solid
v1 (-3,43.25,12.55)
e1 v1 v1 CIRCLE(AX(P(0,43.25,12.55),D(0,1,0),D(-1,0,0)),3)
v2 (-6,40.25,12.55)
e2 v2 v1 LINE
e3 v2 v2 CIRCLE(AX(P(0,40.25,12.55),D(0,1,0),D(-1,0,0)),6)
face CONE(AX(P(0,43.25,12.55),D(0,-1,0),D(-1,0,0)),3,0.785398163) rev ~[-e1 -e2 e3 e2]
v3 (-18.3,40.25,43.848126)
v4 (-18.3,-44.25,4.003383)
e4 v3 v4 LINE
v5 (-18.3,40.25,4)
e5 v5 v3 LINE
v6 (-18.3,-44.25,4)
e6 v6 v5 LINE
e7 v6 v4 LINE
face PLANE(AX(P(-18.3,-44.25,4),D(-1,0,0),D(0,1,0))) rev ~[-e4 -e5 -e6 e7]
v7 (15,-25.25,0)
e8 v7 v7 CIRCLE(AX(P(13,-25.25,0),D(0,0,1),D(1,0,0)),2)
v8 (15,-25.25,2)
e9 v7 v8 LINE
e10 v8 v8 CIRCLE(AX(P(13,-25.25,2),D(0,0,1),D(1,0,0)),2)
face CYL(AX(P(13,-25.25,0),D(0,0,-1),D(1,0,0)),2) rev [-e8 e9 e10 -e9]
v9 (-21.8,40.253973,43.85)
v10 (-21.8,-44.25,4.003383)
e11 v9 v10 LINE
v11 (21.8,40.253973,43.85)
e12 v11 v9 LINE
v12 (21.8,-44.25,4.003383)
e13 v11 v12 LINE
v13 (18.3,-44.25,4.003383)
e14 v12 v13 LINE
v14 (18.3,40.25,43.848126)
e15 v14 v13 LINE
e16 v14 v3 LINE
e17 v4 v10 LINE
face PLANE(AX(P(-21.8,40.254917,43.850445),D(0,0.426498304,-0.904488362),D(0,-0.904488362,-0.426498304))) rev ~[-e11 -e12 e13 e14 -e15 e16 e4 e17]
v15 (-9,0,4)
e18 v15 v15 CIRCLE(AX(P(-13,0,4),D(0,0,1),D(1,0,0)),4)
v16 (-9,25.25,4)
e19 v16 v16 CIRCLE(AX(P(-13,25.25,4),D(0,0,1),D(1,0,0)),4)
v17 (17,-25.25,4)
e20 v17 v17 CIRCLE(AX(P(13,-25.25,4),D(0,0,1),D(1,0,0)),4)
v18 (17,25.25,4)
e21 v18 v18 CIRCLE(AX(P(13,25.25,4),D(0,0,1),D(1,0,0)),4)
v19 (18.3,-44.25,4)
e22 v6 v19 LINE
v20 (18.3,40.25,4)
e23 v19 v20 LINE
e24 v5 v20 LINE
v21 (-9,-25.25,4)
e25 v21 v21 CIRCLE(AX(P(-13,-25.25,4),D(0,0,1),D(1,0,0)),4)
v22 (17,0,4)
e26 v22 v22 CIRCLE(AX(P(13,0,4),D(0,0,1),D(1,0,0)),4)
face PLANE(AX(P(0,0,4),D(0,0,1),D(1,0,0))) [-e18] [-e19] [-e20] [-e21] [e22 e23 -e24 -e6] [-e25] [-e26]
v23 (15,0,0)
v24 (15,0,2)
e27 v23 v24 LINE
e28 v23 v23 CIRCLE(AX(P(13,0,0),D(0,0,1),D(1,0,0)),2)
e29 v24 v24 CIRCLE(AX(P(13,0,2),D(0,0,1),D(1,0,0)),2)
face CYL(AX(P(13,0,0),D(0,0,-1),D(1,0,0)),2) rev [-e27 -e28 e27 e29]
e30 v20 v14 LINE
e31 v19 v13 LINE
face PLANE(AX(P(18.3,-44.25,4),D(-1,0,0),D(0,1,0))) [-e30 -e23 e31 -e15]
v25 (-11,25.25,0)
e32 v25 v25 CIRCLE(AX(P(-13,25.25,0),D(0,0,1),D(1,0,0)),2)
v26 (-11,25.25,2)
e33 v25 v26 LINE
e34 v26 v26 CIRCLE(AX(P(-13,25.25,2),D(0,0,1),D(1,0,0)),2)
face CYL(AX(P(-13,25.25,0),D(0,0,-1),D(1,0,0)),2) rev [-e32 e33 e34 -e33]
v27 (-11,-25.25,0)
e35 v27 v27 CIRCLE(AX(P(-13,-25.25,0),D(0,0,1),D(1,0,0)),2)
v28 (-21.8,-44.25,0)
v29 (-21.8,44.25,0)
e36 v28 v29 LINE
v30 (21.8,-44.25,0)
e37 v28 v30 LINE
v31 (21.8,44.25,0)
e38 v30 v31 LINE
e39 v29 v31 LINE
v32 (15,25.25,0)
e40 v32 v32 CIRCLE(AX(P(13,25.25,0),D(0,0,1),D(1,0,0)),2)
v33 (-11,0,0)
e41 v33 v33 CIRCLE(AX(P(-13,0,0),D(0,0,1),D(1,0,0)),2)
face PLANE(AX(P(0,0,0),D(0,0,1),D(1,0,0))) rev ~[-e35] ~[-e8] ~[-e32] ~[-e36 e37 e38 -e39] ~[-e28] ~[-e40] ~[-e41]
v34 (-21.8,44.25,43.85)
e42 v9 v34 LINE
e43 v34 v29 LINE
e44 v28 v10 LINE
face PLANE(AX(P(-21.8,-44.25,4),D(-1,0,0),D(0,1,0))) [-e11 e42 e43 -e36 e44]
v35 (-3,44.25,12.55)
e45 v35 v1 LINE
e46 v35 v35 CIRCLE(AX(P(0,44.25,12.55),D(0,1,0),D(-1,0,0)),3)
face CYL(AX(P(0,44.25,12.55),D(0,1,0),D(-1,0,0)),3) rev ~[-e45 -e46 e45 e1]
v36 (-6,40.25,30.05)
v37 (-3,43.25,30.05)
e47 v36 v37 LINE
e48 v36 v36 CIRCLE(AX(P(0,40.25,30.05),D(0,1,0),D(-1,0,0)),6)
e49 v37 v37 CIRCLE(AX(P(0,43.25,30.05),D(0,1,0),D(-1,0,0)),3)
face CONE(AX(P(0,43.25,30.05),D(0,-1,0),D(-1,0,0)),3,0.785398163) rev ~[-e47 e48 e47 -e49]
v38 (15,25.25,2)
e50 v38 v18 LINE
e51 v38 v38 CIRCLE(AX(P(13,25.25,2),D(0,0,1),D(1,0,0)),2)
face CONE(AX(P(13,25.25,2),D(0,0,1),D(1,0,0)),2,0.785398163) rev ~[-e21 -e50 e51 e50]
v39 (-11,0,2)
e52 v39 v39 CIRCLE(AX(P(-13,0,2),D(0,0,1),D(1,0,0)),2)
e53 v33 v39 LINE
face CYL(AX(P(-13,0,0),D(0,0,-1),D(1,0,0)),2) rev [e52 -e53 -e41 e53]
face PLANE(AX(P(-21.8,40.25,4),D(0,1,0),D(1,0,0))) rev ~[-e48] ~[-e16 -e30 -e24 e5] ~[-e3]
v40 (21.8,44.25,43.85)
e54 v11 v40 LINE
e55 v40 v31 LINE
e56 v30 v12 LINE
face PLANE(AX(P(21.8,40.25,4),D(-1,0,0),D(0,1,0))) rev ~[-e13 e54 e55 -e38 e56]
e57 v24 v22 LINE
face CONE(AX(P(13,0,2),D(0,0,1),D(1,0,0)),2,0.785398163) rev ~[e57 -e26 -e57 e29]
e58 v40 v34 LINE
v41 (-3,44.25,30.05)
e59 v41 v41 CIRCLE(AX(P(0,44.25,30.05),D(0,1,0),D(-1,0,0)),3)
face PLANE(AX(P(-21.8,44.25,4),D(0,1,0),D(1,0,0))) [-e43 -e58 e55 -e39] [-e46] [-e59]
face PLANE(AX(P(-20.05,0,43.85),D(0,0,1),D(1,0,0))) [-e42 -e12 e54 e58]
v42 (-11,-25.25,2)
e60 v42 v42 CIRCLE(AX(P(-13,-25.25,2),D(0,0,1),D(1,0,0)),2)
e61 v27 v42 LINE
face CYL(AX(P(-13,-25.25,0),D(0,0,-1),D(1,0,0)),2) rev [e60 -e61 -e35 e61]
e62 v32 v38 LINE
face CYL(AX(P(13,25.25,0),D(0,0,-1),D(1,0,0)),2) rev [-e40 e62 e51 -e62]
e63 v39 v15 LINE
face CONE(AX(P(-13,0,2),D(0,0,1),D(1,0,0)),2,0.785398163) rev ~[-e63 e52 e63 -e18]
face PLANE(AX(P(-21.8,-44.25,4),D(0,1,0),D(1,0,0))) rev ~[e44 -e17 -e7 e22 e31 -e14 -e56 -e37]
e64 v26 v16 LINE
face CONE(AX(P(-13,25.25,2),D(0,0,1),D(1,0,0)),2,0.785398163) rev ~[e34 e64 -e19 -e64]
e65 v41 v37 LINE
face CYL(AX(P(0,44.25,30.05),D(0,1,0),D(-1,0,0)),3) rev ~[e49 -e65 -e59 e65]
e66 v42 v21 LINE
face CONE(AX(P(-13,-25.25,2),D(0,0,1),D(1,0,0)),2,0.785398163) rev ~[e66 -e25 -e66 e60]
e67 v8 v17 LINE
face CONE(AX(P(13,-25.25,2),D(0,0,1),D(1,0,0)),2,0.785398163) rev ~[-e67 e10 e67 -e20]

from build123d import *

# Parameters (mm, degrees)
SKETCH_W        = 43.6
SKETCH_H        = 88.5
SKETCH_R        = 2
PAD_DEPTH       = 4
CHAMFER_SIZE    = 2
SKETCH001_W     = 43.6
SKETCH001_H     = 4
PAD001_DEPTH    = 39.85
SKETCH002_R     = 3
HOLE_DEPTH      = 25
HOLE_TIPS_R     = 3
CHAMFER001_SIZE = 3
SKETCH003_W     = 3.5
SKETCH003_H     = 88.5
PAD002_DEPTH    = 39.85
POCKET_DEPTH    = 43.601


with BuildPart() as part:
    # Sketch → Pad (new body)
    with BuildSketch(Plane.XY):
        Rectangle(SKETCH_W, SKETCH_H)
        with Locations((-13, 0)):
            Circle(SKETCH_R, mode=Mode.SUBTRACT)
        with Locations((13, 0)):
            Circle(SKETCH_R, mode=Mode.SUBTRACT)
        with Locations((-13, 25.25)):
            Circle(SKETCH_R, mode=Mode.SUBTRACT)
        with Locations((13, 25.25)):
            Circle(SKETCH_R, mode=Mode.SUBTRACT)
        with Locations((-13, -25.25)):
            Circle(SKETCH_R, mode=Mode.SUBTRACT)
        with Locations((13, -25.25)):
            Circle(SKETCH_R, mode=Mode.SUBTRACT)
    extrude(amount=PAD_DEPTH)

    # Chamfer
    chamfer_edges = [part.edges().sort_by_distance(p)[0] for p in [
        (-15, -25.25, 4),
        (-15, 0, 4),
        (-15, 25.25, 4),
        (11, 25.25, 4),
        (11, 0, 4),
        (11, -25.25, 4),
    ]]
    chamfer(chamfer_edges, length=CHAMFER_SIZE)

    # Sketch001 (on Face4 of Chamfer) → Pad001 (join)
    with BuildSketch(Plane.XY.offset(4)):
        with Locations((0, 42.25)):
            Rectangle(SKETCH001_W, SKETCH001_H)
    extrude(amount=PAD001_DEPTH)

    # Sketch002 (on Face20 of Pad001) → Hole (cut)
    with BuildSketch(Plane(origin=(0, 44.25, 0), x_dir=(-1, 0, 0), z_dir=(0, 1, 0))):
        with Locations((0, 12.55)):
            Circle(SKETCH002_R)
        with Locations((0, 30.05)):
            Circle(SKETCH002_R)
    extrude(amount=-HOLE_DEPTH, mode=Mode.SUBTRACT)

    # Hole tips → Hole tip 1 section 0
    with BuildSketch(Plane(origin=(0, 19.25, 0), x_dir=(-1, 0, 0), z_dir=(0, 1, 0)), mode=Mode.PRIVATE) as hole_tip_1_s0:
        with Locations((0, 12.55)):
            Circle(HOLE_TIPS_R)
    loft([hole_tip_1_s0.sketch, Vertex(0, 17.447418, 12.55)], mode=Mode.SUBTRACT)

    # Hole tips → Hole tip 2 section 0
    with BuildSketch(Plane(origin=(0, 19.25, 0), x_dir=(-1, 0, 0), z_dir=(0, 1, 0)), mode=Mode.PRIVATE) as hole_tip_2_s0:
        with Locations((0, 30.05)):
            Circle(HOLE_TIPS_R)
    loft([hole_tip_2_s0.sketch, Vertex(0, 17.447418, 30.05)], mode=Mode.SUBTRACT)

    # Chamfer001
    chamfer001_edges = [part.edges().sort_by_distance(p)[0] for p in [
        (-3, 40.25, 30.05),
        (-3, 40.25, 12.55),
    ]]
    chamfer(chamfer001_edges, length=CHAMFER001_SIZE)

    # Sketch003 (on Face4 of Chamfer001) → Pad002 (join)
    with BuildSketch(Plane.XY.offset(4)):
        with Locations((-20.05, 0)):
            Rectangle(SKETCH003_W, SKETCH003_H)
        with Locations((20.05, 0)):
            Rectangle(SKETCH003_W, SKETCH003_H)
    extrude(amount=PAD002_DEPTH)

    # Sketch004 (on Face12 of Pad002) → Pocket (cut, through all)
    with BuildSketch(Plane(origin=(-21.8, 0, 0), x_dir=(0, -1, 0), z_dir=(-1, 0, 0))):
        Polygon((-40.254917, 43.850445), (44.398479, 3.93337), (49.801365, 49.127281), (-36.76268, 49.127281), align=None)
    extrude(amount=-POCKET_DEPTH, mode=Mode.SUBTRACT)


solid = part.part
